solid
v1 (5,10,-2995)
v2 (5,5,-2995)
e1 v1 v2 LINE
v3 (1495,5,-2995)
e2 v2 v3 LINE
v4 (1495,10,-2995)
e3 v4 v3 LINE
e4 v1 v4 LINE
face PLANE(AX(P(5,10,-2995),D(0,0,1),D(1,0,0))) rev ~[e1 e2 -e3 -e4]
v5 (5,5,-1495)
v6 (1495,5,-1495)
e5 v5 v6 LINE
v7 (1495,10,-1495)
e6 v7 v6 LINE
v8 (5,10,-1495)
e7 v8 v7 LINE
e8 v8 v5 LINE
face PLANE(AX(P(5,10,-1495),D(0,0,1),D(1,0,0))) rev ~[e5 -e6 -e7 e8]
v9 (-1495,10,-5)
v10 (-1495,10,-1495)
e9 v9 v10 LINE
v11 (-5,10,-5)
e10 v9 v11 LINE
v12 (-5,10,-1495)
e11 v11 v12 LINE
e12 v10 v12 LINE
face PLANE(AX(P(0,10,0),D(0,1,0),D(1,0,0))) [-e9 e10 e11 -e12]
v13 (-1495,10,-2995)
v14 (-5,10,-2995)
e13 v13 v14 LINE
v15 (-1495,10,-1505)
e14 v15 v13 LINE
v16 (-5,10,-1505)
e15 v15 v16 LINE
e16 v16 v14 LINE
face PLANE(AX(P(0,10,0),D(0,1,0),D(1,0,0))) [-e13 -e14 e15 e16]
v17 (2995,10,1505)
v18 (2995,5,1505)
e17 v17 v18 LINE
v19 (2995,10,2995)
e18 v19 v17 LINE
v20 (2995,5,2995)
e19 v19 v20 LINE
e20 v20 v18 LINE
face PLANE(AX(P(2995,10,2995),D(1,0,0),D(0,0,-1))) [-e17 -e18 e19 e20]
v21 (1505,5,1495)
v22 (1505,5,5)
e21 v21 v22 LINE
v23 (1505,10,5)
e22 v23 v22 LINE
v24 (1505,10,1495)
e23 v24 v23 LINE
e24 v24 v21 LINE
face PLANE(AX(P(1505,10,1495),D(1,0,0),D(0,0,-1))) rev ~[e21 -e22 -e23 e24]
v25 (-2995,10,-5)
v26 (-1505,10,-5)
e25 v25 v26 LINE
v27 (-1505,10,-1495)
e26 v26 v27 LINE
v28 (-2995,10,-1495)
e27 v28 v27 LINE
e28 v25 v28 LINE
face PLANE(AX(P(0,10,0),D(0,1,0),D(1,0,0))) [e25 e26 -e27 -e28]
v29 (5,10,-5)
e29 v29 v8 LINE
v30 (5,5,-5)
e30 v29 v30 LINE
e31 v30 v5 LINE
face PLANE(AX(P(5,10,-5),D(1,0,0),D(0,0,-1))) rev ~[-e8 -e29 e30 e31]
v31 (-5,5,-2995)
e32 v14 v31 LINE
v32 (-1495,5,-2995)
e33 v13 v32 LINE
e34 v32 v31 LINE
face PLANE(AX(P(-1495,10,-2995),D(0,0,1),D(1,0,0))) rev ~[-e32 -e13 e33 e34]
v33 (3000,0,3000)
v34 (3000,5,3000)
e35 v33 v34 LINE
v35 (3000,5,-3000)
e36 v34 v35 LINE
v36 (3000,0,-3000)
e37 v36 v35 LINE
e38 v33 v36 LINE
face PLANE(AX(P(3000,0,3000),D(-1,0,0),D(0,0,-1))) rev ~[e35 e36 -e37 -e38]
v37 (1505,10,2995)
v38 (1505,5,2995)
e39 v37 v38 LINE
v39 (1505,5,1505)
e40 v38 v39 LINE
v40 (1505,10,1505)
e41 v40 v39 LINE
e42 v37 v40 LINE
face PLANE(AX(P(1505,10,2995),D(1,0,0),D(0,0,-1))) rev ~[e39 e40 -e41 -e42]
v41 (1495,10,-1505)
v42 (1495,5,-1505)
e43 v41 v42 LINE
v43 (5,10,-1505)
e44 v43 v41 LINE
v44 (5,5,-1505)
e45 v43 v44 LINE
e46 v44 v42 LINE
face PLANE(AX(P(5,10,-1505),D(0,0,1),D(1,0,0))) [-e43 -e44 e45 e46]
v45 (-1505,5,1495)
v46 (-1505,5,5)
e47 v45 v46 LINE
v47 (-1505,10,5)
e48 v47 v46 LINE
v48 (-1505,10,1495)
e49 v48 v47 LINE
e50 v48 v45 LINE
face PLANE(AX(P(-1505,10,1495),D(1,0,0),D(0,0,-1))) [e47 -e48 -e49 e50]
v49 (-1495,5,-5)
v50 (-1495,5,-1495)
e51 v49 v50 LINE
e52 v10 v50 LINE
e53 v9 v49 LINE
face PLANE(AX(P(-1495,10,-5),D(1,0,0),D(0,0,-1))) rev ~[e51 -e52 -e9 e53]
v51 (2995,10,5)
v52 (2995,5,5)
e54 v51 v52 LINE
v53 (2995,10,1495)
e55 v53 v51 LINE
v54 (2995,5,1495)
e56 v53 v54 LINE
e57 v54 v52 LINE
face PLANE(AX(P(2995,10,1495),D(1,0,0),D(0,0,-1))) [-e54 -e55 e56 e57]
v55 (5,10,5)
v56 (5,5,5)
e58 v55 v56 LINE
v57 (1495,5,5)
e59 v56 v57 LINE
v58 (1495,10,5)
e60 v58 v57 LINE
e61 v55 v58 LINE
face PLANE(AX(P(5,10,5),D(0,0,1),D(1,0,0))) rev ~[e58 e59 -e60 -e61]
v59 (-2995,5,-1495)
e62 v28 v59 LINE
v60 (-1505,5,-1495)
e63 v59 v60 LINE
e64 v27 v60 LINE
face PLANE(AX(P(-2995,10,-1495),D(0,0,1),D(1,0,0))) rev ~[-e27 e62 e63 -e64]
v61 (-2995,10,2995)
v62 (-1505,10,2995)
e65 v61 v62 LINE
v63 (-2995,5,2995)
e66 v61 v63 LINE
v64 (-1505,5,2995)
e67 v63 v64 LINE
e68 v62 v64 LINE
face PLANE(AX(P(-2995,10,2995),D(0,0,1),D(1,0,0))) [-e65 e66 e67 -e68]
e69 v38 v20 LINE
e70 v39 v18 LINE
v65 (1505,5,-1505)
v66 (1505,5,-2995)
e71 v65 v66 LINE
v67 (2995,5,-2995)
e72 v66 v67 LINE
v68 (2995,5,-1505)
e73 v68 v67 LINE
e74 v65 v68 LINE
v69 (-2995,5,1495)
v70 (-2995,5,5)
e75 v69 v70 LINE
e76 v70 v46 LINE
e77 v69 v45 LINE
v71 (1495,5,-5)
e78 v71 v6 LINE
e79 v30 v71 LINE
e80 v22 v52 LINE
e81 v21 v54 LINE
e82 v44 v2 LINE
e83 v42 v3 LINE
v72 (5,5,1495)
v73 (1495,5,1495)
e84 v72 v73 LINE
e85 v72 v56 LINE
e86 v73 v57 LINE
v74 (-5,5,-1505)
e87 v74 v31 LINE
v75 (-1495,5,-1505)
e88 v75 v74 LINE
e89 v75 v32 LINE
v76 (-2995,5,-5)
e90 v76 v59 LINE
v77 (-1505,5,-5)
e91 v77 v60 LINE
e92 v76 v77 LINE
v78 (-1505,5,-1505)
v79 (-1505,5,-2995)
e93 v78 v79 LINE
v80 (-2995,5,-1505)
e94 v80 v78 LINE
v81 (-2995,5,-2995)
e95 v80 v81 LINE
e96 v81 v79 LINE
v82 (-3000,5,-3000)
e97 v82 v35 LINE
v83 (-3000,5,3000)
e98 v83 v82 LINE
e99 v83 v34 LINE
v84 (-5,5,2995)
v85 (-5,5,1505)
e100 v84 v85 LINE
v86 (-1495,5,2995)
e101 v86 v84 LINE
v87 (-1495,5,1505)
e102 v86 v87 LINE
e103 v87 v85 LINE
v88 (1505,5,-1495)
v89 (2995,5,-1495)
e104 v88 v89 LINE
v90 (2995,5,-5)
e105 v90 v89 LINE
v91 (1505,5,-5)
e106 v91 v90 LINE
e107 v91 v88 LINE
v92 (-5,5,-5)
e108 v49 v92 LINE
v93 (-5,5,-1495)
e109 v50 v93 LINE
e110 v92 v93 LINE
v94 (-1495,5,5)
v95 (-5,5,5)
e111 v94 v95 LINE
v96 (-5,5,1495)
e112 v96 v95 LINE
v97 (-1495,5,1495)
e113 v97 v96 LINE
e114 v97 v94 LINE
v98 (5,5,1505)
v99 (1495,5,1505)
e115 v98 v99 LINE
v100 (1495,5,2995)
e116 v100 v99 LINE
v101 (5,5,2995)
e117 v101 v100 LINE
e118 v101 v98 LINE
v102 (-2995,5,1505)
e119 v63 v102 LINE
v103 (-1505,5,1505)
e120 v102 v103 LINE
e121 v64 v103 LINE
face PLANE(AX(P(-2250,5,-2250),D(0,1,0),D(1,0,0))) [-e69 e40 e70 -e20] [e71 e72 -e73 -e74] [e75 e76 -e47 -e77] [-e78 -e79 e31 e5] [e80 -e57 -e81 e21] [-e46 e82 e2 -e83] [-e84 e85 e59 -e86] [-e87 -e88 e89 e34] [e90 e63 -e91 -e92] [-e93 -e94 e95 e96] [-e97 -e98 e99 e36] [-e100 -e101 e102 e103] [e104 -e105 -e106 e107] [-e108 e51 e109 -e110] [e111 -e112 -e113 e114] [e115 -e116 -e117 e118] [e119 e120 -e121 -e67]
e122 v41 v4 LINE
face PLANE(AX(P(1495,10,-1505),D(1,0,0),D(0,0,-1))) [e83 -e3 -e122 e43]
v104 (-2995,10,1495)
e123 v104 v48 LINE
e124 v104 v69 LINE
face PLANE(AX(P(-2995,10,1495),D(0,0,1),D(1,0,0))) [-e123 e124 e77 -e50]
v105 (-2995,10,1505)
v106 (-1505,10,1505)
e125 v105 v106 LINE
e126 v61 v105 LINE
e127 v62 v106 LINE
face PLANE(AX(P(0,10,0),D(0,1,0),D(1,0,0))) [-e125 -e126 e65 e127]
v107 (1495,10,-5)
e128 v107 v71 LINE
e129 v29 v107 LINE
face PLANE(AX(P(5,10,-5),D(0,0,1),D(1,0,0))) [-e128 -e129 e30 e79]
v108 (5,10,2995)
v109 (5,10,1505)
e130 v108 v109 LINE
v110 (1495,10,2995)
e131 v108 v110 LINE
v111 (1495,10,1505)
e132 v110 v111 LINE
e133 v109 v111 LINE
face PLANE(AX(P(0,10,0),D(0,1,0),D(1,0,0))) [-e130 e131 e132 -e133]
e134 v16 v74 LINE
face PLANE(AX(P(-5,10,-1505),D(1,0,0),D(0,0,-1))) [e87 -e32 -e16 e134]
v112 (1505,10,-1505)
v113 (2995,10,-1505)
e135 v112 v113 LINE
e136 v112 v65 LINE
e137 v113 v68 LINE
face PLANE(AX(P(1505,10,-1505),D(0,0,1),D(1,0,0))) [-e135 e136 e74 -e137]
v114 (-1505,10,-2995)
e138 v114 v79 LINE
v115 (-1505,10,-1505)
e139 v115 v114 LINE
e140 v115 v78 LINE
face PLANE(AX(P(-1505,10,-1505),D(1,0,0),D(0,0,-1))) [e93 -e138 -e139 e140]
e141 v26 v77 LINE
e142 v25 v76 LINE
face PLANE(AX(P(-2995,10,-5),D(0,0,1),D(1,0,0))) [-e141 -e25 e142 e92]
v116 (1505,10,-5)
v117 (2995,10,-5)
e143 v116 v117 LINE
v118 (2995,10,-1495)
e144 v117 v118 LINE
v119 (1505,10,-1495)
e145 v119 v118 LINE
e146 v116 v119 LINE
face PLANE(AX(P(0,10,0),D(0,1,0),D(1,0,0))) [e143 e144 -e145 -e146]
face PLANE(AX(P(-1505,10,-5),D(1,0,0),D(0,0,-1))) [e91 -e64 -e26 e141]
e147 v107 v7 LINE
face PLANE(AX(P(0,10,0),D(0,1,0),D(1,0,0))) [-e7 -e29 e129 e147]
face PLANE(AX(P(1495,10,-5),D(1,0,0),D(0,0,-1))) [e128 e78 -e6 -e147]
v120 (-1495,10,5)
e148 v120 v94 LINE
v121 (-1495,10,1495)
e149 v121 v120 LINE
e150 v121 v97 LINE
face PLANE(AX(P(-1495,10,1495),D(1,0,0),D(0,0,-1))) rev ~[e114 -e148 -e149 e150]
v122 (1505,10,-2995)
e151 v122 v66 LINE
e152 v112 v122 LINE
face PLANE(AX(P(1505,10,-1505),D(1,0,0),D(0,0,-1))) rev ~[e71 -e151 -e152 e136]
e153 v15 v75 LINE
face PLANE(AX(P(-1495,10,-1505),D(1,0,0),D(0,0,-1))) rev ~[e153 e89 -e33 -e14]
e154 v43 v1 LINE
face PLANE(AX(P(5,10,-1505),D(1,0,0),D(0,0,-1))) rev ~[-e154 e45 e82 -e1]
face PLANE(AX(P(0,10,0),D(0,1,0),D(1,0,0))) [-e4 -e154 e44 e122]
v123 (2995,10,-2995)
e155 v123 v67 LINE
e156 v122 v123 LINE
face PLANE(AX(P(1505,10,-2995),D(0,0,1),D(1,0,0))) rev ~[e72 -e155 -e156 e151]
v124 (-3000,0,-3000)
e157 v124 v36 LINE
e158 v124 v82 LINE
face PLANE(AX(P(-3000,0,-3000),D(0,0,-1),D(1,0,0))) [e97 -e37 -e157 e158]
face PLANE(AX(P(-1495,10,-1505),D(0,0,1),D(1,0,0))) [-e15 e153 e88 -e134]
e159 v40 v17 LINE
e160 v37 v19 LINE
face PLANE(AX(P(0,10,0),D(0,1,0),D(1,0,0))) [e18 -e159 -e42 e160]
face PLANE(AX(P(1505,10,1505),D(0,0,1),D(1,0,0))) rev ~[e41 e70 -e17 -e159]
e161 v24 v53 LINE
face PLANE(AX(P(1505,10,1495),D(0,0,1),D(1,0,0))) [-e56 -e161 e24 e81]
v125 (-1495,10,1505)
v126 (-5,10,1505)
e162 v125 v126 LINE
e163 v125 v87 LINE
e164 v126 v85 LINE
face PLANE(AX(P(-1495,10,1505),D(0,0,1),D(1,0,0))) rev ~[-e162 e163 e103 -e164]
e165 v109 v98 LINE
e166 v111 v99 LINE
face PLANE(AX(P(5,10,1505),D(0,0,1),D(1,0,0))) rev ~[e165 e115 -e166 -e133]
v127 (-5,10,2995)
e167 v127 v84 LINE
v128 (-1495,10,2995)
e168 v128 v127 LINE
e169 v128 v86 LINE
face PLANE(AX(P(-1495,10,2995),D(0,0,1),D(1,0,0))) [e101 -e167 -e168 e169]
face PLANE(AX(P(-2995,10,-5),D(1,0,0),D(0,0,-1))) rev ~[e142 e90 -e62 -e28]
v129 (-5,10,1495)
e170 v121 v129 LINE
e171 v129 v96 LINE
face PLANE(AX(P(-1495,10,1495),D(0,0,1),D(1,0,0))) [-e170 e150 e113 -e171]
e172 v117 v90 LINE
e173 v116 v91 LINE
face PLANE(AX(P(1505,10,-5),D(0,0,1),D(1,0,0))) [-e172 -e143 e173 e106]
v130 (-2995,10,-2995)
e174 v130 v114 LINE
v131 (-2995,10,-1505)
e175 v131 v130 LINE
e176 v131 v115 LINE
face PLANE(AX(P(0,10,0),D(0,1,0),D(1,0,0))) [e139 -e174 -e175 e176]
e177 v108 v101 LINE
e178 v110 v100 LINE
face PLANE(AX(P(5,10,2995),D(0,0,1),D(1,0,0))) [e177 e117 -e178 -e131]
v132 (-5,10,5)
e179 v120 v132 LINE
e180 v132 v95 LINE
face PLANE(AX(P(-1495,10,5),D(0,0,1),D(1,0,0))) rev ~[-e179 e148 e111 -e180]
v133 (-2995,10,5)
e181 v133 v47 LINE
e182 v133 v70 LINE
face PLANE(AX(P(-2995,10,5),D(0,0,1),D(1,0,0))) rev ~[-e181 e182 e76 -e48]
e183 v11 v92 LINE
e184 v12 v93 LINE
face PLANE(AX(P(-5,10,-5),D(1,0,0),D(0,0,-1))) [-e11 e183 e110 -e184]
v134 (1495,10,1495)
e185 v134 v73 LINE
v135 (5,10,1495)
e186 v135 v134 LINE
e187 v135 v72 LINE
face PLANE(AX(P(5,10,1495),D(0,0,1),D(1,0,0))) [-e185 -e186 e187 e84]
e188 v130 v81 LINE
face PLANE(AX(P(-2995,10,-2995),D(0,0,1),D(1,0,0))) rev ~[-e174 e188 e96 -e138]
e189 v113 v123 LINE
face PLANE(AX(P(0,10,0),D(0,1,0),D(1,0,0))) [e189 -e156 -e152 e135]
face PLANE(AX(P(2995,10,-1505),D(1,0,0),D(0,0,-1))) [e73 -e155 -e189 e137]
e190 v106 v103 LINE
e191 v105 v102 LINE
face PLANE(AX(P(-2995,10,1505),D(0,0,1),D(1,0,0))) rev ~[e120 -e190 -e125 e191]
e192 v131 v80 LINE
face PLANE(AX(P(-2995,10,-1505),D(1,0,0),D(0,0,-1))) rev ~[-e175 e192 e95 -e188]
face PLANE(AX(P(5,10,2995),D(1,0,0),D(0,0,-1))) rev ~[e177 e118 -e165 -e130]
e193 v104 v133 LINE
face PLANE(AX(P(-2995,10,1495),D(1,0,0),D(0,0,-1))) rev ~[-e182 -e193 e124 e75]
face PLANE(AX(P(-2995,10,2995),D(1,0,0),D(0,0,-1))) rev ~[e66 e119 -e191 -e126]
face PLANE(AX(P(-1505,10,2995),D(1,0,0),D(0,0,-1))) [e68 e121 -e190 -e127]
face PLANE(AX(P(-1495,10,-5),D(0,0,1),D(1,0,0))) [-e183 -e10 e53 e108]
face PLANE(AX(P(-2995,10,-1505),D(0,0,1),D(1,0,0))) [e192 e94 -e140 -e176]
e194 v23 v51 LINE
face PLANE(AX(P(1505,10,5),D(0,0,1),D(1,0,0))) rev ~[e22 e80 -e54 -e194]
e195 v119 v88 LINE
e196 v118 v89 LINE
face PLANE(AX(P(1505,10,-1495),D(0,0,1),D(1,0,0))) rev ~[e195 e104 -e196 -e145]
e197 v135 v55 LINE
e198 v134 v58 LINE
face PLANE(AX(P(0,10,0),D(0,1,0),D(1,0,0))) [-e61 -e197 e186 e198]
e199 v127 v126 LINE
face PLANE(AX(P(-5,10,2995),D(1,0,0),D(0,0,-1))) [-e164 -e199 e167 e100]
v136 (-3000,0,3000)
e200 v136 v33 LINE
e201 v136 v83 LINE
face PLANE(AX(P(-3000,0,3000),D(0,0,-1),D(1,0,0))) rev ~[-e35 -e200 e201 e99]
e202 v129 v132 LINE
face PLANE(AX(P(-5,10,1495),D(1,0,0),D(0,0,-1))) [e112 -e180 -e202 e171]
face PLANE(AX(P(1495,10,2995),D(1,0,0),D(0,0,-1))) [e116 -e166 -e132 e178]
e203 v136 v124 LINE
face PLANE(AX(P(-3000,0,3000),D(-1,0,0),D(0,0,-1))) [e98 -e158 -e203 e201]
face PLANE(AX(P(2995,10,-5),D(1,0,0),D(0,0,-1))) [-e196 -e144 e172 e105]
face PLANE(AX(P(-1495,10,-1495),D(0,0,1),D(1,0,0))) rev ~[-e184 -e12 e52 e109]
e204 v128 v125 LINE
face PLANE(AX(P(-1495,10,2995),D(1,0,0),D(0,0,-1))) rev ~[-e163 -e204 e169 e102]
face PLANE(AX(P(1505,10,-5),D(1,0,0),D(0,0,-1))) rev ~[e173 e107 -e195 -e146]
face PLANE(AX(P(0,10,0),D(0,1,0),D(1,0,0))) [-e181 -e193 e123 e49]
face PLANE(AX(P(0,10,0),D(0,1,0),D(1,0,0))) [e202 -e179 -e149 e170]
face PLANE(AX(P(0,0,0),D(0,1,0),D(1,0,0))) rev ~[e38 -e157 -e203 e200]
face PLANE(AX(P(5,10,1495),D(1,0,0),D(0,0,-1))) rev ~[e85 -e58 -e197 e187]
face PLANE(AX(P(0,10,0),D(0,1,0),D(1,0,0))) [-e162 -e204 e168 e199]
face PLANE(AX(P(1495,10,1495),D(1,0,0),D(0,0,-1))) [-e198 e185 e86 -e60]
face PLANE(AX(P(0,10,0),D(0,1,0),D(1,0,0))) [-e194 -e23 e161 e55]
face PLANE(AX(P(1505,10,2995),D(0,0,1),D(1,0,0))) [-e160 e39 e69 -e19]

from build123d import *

# Parameters (mm, degrees)
SKETCH1_W            = 6000
SKETCH1_H            = 6000
BOSS_EXTRUDE1_DEPTH  = 10
SKETCH2_W            = 1500
SKETCH2_H            = 1500
SKETCH2_W_2          = 1490
SKETCH2_H_2          = 1490
CUT_EXTRUDE1_DEPTH   = 5
LPATTERN1_COUNT      = 4
LPATTERN1_PITCH      = 1500
LPATTERN1_COUNT_DIR2 = 4
LPATTERN1_PITCH_DIR2 = 1500


with BuildPart() as part:
    # Sketch1 → Boss-Extrude1 (new body)
    with BuildSketch(Plane(origin=(0, 0, 0), x_dir=(1, 0, 0), z_dir=(0, 1, 0))):
        Rectangle(SKETCH1_W, SKETCH1_H)
    extrude(amount=BOSS_EXTRUDE1_DEPTH)

    # Sketch2 → Cut-Extrude1 (cut)
    with BuildSketch(Plane(origin=(0, 10, 0), x_dir=(1, 0, 0), z_dir=(0, 1, 0))):
        with Locations((-2250, 2250)):
            Rectangle(SKETCH2_W, SKETCH2_H)
        with Locations((-2250, 2250)):
            Rectangle(SKETCH2_W_2, SKETCH2_H_2, mode=Mode.SUBTRACT)
    cut_extrude1 = extrude(amount=-CUT_EXTRUDE1_DEPTH, mode=Mode.SUBTRACT)

    # LPattern1: Cut-Extrude1 4 × 4
    with Locations(*[(j * LPATTERN1_PITCH_DIR2, 0, i * LPATTERN1_PITCH) for i in range(LPATTERN1_COUNT) for j in range(LPATTERN1_COUNT_DIR2) if (i, j) != (0, 0)]):
        add(cut_extrude1, mode=Mode.SUBTRACT)


solid = part.part
